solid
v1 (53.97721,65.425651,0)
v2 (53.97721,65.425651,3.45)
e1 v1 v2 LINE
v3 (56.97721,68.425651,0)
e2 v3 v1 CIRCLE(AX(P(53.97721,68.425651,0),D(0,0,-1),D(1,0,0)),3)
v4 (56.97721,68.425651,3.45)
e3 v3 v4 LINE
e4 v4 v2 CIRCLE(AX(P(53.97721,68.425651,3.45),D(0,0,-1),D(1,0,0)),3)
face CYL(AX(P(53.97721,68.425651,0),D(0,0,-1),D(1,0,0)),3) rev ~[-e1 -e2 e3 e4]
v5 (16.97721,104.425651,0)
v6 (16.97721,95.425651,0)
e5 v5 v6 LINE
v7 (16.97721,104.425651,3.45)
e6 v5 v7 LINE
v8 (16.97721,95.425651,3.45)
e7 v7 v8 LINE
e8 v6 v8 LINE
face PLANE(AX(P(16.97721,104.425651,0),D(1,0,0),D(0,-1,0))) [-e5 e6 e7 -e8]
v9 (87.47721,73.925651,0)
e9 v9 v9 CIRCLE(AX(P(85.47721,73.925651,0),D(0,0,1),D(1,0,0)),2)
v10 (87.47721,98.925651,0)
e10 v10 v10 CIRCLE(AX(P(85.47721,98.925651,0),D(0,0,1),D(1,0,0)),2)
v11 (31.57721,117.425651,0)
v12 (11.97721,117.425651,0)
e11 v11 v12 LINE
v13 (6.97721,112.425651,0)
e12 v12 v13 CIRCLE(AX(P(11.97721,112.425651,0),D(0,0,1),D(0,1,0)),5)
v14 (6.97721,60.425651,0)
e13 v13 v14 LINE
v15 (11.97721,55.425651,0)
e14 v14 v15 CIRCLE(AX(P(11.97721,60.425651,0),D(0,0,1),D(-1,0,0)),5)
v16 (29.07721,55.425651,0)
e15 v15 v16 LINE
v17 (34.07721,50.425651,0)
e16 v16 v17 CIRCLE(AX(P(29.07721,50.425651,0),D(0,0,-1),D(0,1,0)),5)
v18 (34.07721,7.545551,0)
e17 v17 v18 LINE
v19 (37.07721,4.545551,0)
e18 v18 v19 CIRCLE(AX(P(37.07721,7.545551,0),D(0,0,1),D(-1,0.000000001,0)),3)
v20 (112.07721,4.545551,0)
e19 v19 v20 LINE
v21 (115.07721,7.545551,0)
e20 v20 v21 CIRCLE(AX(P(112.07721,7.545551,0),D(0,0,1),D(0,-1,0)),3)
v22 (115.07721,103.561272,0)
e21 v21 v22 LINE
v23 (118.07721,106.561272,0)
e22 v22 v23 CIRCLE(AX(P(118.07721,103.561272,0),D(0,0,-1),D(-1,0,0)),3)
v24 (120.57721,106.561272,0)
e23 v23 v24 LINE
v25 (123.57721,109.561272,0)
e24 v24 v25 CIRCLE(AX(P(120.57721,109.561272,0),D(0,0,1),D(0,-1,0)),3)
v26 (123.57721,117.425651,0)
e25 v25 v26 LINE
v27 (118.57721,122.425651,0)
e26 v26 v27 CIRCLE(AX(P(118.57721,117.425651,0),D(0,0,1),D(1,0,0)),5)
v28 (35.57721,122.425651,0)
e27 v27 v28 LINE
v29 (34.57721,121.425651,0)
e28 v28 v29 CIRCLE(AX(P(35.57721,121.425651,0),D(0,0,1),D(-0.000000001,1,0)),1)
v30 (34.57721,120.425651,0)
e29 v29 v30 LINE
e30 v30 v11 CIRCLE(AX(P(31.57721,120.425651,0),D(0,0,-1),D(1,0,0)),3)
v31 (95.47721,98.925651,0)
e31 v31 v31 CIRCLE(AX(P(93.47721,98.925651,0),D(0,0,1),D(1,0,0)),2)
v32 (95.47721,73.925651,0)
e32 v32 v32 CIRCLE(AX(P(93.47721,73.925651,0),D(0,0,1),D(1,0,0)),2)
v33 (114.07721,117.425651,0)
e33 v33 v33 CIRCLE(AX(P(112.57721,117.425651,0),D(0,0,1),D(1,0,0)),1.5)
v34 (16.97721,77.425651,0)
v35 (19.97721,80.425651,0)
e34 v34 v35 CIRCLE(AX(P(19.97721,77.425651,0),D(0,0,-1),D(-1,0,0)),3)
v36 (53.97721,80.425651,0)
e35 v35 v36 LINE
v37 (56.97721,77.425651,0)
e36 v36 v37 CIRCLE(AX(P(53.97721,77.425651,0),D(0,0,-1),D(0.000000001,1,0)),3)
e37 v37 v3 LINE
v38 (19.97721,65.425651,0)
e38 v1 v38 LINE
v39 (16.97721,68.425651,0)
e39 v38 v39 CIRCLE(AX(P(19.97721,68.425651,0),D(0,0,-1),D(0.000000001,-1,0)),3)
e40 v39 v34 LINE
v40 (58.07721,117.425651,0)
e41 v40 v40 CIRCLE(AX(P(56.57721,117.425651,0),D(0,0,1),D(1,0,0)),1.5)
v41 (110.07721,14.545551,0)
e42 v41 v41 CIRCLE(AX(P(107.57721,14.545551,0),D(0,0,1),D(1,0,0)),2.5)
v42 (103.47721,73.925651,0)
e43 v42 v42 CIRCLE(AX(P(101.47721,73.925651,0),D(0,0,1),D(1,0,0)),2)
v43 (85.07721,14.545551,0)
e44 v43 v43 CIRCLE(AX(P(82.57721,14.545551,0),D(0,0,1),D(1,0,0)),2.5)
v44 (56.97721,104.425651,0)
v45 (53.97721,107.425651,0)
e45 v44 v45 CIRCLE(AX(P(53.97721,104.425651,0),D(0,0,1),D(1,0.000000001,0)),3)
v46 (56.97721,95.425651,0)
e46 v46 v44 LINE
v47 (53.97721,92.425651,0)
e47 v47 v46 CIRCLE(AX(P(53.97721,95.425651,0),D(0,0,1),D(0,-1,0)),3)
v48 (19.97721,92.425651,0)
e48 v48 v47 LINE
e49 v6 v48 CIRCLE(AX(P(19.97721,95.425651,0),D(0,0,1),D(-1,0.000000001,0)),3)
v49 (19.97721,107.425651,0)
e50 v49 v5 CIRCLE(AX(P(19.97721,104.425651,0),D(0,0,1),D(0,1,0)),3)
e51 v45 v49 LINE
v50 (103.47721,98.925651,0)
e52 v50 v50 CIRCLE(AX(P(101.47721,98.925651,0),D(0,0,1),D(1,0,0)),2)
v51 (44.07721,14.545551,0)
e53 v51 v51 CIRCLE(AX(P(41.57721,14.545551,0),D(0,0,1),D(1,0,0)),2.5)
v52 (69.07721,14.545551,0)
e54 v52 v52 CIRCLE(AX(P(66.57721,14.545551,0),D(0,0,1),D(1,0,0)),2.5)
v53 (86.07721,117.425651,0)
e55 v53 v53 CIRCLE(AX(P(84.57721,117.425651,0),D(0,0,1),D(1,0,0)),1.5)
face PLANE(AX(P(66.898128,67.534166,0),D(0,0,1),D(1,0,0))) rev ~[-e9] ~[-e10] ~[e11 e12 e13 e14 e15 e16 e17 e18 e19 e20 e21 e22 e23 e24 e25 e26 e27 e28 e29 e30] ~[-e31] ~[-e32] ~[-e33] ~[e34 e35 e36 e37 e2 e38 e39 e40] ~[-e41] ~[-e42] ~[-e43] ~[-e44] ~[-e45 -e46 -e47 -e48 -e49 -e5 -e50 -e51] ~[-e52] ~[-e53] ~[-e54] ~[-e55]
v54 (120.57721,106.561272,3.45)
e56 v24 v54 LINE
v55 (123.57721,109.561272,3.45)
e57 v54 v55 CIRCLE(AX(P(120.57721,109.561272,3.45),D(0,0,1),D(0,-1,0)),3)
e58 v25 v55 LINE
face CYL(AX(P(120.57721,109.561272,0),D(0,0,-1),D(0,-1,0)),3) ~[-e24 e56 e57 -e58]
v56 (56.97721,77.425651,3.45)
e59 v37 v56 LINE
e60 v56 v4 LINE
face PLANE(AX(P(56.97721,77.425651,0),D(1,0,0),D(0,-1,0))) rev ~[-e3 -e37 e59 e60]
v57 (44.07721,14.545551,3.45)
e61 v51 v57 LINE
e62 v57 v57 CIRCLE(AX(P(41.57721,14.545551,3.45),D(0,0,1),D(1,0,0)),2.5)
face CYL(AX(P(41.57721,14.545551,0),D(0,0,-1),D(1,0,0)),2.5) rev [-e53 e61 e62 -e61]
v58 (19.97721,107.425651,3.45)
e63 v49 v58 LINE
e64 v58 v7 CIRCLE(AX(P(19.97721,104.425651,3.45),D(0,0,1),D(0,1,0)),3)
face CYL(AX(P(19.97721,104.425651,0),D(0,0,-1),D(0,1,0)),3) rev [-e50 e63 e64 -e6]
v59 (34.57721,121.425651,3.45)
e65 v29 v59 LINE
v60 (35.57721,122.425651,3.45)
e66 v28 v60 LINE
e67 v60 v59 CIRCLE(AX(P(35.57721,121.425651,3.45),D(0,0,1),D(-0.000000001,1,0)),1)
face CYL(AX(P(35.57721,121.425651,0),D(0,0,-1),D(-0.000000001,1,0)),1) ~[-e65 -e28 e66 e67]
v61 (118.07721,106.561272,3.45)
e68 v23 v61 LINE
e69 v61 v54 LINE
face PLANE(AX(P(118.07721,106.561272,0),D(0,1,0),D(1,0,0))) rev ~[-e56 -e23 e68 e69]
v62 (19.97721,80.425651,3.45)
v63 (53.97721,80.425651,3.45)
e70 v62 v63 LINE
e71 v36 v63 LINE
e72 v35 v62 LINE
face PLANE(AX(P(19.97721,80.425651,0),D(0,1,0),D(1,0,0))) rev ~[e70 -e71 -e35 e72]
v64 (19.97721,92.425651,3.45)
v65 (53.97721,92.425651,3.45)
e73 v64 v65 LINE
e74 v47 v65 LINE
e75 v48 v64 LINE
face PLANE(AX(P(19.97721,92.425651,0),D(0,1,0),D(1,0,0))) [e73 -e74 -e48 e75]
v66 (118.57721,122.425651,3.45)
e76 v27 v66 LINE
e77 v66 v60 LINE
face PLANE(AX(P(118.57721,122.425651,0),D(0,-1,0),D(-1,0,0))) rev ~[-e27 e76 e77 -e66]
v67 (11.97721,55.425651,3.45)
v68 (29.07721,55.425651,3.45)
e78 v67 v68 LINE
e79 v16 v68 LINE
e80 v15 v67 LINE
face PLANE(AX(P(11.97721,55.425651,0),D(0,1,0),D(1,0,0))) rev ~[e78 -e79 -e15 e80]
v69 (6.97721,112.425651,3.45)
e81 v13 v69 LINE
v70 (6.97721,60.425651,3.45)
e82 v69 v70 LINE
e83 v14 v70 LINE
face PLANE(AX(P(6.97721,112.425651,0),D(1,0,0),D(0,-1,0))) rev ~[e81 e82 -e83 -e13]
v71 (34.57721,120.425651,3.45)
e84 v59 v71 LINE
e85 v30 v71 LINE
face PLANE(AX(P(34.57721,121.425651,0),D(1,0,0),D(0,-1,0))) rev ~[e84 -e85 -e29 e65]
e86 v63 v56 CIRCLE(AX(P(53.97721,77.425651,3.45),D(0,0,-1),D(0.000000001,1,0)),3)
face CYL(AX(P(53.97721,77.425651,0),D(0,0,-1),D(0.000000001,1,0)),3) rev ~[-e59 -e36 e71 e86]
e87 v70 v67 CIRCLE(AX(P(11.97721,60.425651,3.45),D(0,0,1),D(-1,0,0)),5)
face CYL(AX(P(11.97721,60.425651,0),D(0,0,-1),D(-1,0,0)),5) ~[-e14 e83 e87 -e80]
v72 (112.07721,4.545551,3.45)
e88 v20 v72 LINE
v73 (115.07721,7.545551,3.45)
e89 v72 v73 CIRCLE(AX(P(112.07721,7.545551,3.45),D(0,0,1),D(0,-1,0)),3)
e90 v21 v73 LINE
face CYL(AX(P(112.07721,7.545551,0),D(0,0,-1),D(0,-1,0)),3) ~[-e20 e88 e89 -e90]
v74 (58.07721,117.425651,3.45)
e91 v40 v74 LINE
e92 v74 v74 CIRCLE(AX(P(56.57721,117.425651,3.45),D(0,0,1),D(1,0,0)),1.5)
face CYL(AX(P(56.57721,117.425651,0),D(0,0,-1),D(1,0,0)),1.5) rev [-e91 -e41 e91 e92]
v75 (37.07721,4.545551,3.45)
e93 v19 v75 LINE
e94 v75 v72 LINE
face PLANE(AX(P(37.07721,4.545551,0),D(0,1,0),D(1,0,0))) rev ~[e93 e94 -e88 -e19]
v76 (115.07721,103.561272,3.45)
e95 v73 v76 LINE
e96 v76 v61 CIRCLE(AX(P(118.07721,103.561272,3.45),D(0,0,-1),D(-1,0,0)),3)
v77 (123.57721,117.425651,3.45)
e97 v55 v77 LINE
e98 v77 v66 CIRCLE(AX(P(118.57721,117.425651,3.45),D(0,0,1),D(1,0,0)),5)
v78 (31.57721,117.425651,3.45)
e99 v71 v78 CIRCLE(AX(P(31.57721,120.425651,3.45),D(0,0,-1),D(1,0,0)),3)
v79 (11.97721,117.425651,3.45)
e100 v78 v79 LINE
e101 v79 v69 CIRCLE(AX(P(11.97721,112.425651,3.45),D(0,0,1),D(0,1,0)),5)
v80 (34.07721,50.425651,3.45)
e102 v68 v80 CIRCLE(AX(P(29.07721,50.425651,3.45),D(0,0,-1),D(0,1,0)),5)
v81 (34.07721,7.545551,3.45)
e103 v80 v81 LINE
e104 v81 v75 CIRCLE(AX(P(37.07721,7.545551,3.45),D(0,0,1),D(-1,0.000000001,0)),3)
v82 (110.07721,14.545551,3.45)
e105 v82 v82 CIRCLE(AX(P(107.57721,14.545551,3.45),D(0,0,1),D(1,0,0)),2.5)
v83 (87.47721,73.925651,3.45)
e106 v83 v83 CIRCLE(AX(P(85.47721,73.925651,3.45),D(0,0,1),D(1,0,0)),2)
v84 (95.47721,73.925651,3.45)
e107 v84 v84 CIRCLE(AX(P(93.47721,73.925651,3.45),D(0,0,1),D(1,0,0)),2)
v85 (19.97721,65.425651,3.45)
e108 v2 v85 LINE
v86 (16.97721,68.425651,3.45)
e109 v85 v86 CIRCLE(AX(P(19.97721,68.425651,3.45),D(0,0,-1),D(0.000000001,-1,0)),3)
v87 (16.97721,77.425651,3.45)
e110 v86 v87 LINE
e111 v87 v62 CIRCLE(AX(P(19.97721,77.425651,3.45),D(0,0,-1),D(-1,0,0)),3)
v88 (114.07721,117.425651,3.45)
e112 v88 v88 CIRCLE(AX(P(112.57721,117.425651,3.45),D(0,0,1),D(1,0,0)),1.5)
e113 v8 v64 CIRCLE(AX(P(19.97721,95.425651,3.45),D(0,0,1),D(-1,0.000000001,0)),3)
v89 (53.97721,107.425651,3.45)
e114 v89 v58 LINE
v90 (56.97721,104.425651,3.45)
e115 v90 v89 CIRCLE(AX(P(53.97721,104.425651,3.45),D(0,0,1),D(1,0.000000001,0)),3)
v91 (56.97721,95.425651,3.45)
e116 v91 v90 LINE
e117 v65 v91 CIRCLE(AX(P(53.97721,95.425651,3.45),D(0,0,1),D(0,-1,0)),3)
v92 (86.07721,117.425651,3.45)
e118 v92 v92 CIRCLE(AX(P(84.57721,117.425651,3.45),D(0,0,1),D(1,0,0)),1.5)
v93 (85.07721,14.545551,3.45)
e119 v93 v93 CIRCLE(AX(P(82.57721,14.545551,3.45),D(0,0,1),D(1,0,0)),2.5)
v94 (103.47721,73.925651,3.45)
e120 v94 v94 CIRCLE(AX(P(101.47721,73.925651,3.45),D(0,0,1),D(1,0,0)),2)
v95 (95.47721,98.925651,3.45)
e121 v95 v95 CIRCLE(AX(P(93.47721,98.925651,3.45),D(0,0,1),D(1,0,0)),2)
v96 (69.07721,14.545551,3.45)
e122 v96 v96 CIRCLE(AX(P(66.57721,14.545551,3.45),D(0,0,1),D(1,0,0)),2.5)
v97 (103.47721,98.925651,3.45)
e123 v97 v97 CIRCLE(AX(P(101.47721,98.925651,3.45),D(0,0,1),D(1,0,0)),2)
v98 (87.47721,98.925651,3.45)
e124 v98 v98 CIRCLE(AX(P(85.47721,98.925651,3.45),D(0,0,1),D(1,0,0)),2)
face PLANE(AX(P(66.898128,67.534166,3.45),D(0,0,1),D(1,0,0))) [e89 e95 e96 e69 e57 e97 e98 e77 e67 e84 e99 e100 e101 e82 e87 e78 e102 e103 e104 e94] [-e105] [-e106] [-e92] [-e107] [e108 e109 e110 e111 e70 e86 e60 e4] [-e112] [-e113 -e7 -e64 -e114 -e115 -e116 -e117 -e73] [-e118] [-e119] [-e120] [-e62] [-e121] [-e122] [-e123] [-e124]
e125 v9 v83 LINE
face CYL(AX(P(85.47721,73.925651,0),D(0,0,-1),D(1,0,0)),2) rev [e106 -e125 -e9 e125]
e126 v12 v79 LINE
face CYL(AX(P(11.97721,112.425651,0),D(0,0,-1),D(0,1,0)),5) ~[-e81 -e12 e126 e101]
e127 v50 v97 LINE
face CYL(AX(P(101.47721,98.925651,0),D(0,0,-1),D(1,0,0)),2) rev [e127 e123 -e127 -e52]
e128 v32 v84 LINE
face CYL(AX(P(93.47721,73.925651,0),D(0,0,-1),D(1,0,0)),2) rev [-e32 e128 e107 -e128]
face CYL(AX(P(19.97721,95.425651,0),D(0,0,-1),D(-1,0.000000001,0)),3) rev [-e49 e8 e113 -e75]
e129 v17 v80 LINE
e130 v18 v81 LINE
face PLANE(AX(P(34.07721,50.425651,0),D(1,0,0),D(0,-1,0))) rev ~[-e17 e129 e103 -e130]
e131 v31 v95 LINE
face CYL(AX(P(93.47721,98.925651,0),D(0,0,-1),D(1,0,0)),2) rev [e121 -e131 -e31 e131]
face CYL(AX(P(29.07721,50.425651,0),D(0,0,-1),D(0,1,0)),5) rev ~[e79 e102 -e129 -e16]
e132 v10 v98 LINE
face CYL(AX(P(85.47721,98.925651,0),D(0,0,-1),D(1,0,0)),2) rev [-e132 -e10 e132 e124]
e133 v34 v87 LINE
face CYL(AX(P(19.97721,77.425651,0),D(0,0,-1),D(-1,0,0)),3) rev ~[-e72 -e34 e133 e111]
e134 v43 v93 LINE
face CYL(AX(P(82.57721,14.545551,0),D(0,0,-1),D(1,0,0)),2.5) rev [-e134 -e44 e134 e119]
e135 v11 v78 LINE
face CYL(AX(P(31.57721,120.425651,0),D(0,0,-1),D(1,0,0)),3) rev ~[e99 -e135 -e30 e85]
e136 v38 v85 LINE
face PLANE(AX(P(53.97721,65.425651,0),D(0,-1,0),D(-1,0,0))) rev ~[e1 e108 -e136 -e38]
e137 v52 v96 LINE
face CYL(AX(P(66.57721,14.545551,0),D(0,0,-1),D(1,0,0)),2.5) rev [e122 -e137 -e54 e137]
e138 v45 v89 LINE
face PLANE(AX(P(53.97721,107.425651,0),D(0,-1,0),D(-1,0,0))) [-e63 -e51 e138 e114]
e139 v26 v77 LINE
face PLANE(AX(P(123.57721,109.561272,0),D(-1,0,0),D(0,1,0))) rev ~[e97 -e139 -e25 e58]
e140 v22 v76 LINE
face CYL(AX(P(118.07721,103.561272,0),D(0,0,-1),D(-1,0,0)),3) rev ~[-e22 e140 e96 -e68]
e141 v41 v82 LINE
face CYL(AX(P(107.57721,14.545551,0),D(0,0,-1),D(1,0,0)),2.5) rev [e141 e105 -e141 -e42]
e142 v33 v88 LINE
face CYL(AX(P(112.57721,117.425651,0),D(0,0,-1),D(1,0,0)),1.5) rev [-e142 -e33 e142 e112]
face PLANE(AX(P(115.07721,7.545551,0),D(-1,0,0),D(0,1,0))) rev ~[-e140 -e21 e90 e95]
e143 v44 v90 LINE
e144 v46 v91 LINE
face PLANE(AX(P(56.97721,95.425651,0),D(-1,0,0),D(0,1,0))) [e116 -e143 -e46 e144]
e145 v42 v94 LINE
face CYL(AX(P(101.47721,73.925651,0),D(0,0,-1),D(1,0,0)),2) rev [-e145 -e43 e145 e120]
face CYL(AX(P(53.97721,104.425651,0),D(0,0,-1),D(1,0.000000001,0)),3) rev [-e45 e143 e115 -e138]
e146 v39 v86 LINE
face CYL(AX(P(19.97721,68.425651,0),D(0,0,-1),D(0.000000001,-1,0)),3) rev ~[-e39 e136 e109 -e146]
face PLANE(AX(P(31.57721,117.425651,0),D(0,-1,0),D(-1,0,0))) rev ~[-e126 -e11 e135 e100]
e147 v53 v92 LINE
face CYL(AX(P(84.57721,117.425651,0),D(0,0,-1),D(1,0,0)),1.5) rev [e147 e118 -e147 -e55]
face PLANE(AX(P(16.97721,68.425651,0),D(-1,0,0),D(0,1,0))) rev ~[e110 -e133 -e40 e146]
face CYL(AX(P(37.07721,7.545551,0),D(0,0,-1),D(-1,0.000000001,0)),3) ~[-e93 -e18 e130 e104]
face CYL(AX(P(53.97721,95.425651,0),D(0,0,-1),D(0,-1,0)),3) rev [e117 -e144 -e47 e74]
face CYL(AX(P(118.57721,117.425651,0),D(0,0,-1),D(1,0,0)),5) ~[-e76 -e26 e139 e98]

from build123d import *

# Parameters (mm, degrees)
MODEL_R         = 2.5
MODEL_R_2       = 2
MODEL_R_3       = 1.5
EXTRUDE_1_DEPTH = 3.45


with BuildPart() as part:
    # Model → 凸台-拉伸1 (new body)
    with BuildSketch(Plane.XY):
        with BuildLine():
            Line((123.577210347, 109.56127227), (123.577210347, 117.42565066))
            ThreePointArc((123.577210347, 117.42565066), (122.112744253, 120.961184566), (118.577210347, 122.42565066))
            Line((118.577210347, 122.42565066), (35.577210347, 122.42565066))
            ThreePointArc((35.577210347, 122.42565066), (34.870103566, 122.132757441), (34.577210347, 121.42565066))
            Line((34.577210347, 121.42565066), (34.577210347, 120.42565066))
            ThreePointArc((34.577210347, 120.42565066), (33.69853069, 118.304330316), (31.577210347, 117.42565066))
            Line((31.577210347, 117.42565066), (11.977210347, 117.42565066))
            ThreePointArc((11.977210347, 117.42565066), (8.441676441, 115.961184566), (6.977210347, 112.42565066))
            Line((6.977210347, 112.42565066), (6.977210347, 60.42565066))
            ThreePointArc((6.977210347, 60.42565066), (8.441676441, 56.890116754), (11.977210347, 55.42565066))
            Line((11.977210347, 55.42565066), (29.077210347, 55.42565066))
            ThreePointArc((29.077210347, 55.42565066), (32.612744253, 53.961184566), (34.077210347, 50.42565066))
            Line((34.077210347, 50.42565066), (34.077210347, 7.54555066))
            ThreePointArc((34.077210347, 7.54555066), (34.955890003, 5.424230316), (37.077210347, 4.54555066))
            Line((37.077210347, 4.54555066), (112.077210347, 4.54555066))
            ThreePointArc((112.077210347, 4.54555066), (114.19853069, 5.424230316), (115.077210347, 7.54555066))
            Line((115.077210347, 7.54555066), (115.077210347, 103.56127227))
            ThreePointArc((115.077210347, 103.56127227), (115.955890003, 105.682592613), (118.077210347, 106.56127227))
            Line((118.077210347, 106.56127227), (120.577210347, 106.56127227))
            ThreePointArc((120.577210347, 106.56127227), (122.69853069, 107.439951926), (123.577210347, 109.56127227))
        make_face()
        with Locations((82.577210347, 14.54555066)):
            Circle(MODEL_R, mode=Mode.SUBTRACT)
        with Locations((107.577210347, 14.54555066)):
            Circle(MODEL_R, mode=Mode.SUBTRACT)
        with Locations((101.477210347, 98.92565066)):
            Circle(MODEL_R_2, mode=Mode.SUBTRACT)
        with Locations((93.477210347, 98.92565066)):
            Circle(MODEL_R_2, mode=Mode.SUBTRACT)
        with Locations((85.477210347, 98.92565066)):
            Circle(MODEL_R_2, mode=Mode.SUBTRACT)
        with Locations((93.477210347, 73.92565066)):
            Circle(MODEL_R_2, mode=Mode.SUBTRACT)
        with Locations((101.477210347, 73.92565066)):
            Circle(MODEL_R_2, mode=Mode.SUBTRACT)
        with Locations((85.477210347, 73.92565066)):
            Circle(MODEL_R_2, mode=Mode.SUBTRACT)
        with Locations((84.577210347, 117.42565066)):
            Circle(MODEL_R_3, mode=Mode.SUBTRACT)
        with Locations((112.577210347, 117.42565066)):
            Circle(MODEL_R_3, mode=Mode.SUBTRACT)
        with Locations((56.577210347, 117.42565066)):
            Circle(MODEL_R_3, mode=Mode.SUBTRACT)
        with Locations((41.577210347, 14.54555066)):
            Circle(MODEL_R, mode=Mode.SUBTRACT)
        with Locations((66.577210347, 14.54555066)):
            Circle(MODEL_R, mode=Mode.SUBTRACT)
        with BuildLine():
            Line((53.977210347, 65.42565066), (19.977210347, 65.42565066))
            ThreePointArc((19.977210347, 65.42565066), (17.855890003, 66.304330316), (16.977210347, 68.42565066))
            Line((16.977210347, 68.42565066), (16.977210347, 77.42565066))
            ThreePointArc((16.977210347, 77.42565066), (17.855890003, 79.546971003), (19.977210347, 80.42565066))
            Line((19.977210347, 80.42565066), (53.977210347, 80.42565066))
            ThreePointArc((53.977210347, 80.42565066), (56.09853069, 79.546971003), (56.977210347, 77.42565066))
            Line((56.977210347, 77.42565066), (56.977210347, 68.42565066))
            ThreePointArc((56.977210347, 68.42565066), (56.09853069, 66.304330316), (53.977210347, 65.42565066))
        make_face(mode=Mode.SUBTRACT)
        with BuildLine():
            Line((53.977210347, 107.42565066), (19.977210347, 107.42565066))
            ThreePointArc((19.977210347, 107.42565066), (17.855890003, 106.546971003), (16.977210347, 104.42565066))
            Line((16.977210347, 104.42565066), (16.977210347, 95.42565066))
            ThreePointArc((16.977210347, 95.42565066), (17.855890003, 93.304330316), (19.977210347, 92.42565066))
            Line((19.977210347, 92.42565066), (53.977210347, 92.42565066))
            ThreePointArc((53.977210347, 92.42565066), (56.09853069, 93.304330316), (56.977210347, 95.42565066))
            Line((56.977210347, 95.42565066), (56.977210347, 104.42565066))
            ThreePointArc((56.977210347, 104.42565066), (56.09853069, 106.546971003), (53.977210347, 107.42565066))
        make_face(mode=Mode.SUBTRACT)
    extrude(amount=EXTRUDE_1_DEPTH)


solid = part.part
